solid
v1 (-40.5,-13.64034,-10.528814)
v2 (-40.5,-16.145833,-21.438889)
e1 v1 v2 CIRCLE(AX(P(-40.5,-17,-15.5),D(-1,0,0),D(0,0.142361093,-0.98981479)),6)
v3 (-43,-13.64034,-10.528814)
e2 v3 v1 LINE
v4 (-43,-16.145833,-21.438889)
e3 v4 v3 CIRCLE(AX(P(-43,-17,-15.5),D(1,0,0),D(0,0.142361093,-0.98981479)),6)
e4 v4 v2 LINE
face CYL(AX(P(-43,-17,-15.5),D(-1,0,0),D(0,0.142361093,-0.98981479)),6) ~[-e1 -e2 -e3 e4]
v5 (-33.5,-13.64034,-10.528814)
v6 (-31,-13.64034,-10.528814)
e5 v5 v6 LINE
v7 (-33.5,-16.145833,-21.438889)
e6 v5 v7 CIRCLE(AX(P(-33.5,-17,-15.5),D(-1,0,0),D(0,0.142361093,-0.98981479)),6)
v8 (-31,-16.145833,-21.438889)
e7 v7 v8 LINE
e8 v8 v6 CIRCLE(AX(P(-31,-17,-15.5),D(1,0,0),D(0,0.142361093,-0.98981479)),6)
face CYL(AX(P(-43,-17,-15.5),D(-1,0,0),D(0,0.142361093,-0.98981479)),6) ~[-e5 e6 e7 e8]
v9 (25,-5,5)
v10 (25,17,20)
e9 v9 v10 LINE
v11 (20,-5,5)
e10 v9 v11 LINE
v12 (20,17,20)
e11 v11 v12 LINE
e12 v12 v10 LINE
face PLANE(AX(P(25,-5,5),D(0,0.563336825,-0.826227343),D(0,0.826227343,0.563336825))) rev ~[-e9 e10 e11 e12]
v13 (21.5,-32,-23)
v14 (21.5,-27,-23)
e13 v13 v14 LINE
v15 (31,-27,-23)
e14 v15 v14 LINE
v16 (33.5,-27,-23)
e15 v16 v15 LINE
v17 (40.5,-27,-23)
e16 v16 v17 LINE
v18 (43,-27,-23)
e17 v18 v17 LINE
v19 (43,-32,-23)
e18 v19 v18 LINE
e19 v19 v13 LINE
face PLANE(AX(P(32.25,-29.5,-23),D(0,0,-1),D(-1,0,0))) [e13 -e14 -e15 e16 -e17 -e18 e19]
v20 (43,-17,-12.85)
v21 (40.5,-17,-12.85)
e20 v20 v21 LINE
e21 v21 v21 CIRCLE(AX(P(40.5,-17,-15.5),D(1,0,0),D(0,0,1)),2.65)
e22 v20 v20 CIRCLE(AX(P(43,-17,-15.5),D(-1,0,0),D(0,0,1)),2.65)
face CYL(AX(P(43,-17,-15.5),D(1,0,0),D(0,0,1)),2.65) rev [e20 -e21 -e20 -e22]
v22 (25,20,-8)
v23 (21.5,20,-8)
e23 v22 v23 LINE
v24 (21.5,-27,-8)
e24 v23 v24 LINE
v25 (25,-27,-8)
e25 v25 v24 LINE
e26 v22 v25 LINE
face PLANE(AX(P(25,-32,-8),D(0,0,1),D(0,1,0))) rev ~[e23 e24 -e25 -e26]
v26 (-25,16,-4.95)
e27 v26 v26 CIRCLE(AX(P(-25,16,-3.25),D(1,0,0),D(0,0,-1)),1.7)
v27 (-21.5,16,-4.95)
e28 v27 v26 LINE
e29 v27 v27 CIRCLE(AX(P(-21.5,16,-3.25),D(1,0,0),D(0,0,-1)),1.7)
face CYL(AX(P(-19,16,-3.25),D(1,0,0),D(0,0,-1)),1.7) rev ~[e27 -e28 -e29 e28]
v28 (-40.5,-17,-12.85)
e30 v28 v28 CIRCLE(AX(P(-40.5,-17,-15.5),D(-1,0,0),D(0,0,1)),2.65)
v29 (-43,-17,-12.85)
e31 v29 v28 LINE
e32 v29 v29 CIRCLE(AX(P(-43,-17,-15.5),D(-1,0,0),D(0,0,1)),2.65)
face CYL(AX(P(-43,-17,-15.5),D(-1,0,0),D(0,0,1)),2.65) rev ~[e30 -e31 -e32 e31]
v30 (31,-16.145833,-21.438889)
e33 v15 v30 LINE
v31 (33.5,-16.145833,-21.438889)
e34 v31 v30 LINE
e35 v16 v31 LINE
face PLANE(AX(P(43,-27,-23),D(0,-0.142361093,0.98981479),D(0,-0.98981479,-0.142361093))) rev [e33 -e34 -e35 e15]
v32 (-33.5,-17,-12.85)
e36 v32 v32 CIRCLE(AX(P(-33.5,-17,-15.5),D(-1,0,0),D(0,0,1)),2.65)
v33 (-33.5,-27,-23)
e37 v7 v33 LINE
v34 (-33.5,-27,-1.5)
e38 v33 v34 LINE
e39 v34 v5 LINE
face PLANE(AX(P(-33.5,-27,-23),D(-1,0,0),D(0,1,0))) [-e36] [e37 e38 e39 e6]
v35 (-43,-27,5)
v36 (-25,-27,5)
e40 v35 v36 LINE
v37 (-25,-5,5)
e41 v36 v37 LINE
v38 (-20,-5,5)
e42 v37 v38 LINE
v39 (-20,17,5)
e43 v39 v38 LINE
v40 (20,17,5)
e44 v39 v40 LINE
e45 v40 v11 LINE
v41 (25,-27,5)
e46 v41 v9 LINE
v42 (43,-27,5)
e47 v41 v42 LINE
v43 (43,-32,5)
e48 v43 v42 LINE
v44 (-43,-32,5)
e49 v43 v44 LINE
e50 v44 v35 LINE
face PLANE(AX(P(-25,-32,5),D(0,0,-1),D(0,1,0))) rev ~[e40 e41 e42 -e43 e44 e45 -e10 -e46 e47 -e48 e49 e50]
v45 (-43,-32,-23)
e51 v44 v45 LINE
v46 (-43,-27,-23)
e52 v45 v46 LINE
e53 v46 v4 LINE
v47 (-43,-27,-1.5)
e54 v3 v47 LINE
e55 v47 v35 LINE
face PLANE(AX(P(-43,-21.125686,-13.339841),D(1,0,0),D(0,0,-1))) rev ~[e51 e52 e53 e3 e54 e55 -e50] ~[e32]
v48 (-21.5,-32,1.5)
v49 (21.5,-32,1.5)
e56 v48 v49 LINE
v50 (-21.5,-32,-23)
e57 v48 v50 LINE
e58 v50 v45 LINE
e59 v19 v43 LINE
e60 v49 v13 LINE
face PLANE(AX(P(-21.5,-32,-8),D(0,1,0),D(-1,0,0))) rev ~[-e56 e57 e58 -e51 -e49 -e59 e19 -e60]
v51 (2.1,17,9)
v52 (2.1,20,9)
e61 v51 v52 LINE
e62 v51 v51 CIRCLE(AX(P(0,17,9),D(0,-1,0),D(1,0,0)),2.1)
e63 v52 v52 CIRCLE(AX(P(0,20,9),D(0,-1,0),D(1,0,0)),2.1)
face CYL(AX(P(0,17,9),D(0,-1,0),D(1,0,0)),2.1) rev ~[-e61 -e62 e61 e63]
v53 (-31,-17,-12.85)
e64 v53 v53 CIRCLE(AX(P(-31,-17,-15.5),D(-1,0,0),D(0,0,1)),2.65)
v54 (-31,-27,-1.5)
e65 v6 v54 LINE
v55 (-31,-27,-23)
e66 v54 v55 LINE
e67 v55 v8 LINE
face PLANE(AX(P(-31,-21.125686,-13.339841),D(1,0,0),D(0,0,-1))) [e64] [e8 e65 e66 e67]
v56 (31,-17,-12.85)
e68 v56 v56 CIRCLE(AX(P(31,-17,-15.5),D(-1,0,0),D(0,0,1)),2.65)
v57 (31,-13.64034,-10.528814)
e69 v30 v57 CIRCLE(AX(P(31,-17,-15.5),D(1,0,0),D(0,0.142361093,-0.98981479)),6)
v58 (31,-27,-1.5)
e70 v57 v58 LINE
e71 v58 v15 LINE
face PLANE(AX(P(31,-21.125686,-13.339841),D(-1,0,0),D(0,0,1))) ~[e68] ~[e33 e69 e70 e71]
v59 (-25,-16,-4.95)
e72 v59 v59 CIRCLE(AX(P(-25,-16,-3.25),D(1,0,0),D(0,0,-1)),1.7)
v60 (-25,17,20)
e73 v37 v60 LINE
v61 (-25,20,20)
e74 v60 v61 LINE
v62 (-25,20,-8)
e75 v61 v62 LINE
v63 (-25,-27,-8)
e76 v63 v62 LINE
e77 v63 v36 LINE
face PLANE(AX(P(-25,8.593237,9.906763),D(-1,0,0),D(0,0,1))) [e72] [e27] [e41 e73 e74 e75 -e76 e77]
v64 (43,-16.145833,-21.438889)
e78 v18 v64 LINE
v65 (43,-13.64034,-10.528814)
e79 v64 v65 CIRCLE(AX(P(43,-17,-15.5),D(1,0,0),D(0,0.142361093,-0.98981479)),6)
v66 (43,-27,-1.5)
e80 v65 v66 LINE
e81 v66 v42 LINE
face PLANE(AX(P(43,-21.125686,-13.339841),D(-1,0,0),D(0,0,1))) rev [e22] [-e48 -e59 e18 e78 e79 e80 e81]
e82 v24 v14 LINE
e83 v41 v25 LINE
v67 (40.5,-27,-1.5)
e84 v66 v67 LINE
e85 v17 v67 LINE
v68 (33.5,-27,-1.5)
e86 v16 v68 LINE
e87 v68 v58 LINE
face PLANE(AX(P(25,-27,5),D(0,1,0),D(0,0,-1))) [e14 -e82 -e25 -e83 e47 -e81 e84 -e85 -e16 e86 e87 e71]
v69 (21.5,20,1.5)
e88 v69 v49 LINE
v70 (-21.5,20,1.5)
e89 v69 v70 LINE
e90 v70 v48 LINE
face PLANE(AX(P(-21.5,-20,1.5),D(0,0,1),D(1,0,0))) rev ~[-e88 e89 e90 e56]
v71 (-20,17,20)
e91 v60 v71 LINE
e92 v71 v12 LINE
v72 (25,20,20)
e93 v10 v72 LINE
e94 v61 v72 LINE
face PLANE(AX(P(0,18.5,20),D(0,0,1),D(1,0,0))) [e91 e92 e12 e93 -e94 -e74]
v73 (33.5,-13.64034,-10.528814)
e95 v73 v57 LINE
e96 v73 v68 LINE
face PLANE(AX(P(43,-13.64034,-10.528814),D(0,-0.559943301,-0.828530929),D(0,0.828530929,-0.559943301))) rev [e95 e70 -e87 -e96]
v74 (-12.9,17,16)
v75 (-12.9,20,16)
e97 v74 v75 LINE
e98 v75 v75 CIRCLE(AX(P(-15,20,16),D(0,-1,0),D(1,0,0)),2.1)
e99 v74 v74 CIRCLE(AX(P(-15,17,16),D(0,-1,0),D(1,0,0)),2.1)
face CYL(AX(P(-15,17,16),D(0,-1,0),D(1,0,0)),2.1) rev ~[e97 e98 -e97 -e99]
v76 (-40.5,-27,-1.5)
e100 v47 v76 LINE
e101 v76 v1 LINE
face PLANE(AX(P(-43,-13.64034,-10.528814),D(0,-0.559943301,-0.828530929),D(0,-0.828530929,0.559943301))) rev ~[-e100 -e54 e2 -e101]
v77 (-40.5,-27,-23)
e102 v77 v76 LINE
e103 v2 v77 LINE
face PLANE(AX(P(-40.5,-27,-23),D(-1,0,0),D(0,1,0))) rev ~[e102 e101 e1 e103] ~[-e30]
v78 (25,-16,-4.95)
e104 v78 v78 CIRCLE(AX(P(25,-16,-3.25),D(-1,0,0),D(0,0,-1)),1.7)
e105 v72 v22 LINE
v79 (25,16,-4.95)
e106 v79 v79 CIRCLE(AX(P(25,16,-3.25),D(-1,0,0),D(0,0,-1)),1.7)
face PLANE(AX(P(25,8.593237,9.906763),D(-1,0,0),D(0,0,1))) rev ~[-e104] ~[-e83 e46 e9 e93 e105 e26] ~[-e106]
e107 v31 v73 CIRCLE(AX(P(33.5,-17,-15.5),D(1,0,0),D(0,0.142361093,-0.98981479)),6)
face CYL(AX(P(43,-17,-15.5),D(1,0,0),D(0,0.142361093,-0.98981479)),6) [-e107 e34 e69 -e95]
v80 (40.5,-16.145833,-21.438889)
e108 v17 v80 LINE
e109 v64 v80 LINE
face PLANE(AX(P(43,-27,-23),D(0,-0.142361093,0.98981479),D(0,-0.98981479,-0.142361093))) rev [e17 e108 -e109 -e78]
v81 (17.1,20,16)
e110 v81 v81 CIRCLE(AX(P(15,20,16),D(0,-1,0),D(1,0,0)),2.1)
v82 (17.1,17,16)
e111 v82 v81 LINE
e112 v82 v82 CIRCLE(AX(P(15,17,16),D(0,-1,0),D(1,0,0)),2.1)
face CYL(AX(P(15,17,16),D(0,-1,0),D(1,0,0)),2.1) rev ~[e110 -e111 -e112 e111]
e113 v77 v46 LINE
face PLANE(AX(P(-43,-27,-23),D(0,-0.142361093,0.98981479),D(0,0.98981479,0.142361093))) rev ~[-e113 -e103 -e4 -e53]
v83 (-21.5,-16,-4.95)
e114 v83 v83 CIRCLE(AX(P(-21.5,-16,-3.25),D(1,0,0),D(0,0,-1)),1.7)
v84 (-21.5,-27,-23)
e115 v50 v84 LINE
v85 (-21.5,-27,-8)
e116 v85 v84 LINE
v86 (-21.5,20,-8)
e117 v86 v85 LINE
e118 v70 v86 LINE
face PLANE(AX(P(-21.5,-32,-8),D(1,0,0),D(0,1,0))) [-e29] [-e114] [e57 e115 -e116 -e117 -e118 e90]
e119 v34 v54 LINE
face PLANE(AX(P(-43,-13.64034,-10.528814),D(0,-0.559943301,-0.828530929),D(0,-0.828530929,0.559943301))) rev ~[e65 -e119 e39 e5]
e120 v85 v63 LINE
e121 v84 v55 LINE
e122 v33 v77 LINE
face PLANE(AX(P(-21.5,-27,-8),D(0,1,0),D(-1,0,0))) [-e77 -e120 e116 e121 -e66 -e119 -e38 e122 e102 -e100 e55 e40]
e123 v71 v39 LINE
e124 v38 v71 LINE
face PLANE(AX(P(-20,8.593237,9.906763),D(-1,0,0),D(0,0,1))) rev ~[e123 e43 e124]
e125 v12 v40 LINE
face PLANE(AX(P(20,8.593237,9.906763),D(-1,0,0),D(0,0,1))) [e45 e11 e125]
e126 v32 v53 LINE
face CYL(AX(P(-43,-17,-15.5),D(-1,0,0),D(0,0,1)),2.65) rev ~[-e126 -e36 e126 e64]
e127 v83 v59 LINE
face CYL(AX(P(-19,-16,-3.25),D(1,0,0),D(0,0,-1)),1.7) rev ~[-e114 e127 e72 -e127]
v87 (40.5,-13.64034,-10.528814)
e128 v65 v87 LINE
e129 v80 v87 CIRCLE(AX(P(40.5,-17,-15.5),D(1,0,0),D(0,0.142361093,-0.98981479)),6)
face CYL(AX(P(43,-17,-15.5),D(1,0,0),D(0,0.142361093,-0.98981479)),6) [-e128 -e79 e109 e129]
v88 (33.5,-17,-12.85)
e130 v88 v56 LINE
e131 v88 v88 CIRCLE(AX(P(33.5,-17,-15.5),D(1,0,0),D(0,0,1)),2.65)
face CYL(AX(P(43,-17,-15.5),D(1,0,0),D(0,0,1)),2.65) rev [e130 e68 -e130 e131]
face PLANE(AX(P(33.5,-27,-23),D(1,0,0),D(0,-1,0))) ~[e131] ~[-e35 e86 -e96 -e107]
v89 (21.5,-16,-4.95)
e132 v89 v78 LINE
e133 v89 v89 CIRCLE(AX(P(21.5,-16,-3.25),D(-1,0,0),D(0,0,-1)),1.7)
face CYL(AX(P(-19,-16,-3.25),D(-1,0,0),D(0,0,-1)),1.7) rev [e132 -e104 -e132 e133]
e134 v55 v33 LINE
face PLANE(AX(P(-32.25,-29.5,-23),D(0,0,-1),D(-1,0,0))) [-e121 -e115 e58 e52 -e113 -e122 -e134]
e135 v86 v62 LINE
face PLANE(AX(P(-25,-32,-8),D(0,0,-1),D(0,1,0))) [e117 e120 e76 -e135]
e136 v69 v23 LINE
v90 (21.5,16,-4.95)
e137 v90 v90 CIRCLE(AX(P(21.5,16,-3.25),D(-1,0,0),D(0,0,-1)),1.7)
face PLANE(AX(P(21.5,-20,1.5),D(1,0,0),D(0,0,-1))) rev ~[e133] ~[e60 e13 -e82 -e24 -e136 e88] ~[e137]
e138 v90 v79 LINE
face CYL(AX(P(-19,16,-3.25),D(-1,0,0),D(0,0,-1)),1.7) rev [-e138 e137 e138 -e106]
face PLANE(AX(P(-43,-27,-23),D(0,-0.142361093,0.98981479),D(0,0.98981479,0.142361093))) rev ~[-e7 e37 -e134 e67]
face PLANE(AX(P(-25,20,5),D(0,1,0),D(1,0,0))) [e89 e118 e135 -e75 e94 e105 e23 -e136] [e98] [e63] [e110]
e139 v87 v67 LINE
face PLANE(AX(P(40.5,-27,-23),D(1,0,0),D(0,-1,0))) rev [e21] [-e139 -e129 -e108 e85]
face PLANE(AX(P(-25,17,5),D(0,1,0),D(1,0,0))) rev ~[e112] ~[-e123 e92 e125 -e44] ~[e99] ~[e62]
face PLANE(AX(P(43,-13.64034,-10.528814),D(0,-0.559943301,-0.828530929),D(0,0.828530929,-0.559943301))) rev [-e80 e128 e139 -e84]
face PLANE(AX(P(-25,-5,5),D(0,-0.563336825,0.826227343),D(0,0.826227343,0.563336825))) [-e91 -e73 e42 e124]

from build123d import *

# Parameters (mm, degrees)
SKETCH_1_W               = 50
SKETCH_1_H               = 40
EXTRUDE_1_DEPTH          = 5
SKETCH_2_W               = 6
SKETCH_2_H               = 40
EXTRUDE_2_DEPTH          = 8
SKETCH_4_W               = 38
SKETCH_4_H               = 40
CUT_EXTRUDE_2_DEPTH      = 1.5
SKETCH_6_R               = 1.7
CUT_EXTRUDE_3_DEPTH      = 45
CUT_EXTRUDE_3_DEPTH_BACK = 7
SKETCH_7_W               = 43
SKETCH_7_H               = 9.5
CUT_EXTRUDE_4_DEPTH      = 41
SKETCH_8_W               = 50
SKETCH_8_H               = 3
EXTRUDE_4_DEPTH          = 15
SKETCH_9_R               = 2.1
CUT_EXTRUDE_5_DEPTH      = 4
EXTRUDE_5_DEPTH          = 12
SKETCH_11_W              = 13
SKETCH_11_H              = 5
EXTRUDE_6_DEPTH          = 18
SKETCH_12_W              = 13
SKETCH_12_H              = 5
EXTRUDE_7_DEPTH          = 18
SKETCH_13_W              = 21.5
SKETCH_13_H              = 5
EXTRUDE_8_DEPTH          = 15
EXTRUDE_11_DEPTH         = 5
EXTRUDE_12_DEPTH         = 5
SKETCH_20_R              = 2.65
EXTRUDE_13_DEPTH         = 12
SKETCH_21_W              = 7
SKETCH_21_H              = 34.173261611
CUT_EXTRUDE_8_DEPTH      = 44


with BuildPart() as part:
    # 草图1 → 凸台-拉伸1 (new body)
    with BuildSketch(Plane.XY):
        Rectangle(SKETCH_1_W, SKETCH_1_H)
    extrude(amount=EXTRUDE_1_DEPTH)

    # 草图2 → 凸台-拉伸2 (add)
    with BuildSketch(Plane(origin=(0, 0, 0), x_dir=(-1, 0, 0), z_dir=(0, 0, -1))):
        with Locations((-22, 0)):
            Rectangle(SKETCH_2_W, SKETCH_2_H)
        with Locations((22, 0)):
            Rectangle(SKETCH_2_W, SKETCH_2_H)
    extrude(amount=EXTRUDE_2_DEPTH)

    # 草图4 → 切除-拉伸2 (cut)
    with BuildSketch(Plane(origin=(0, 0, 0), x_dir=(-1, 0, 0), z_dir=(0, 0, -1))):
        Rectangle(SKETCH_4_W, SKETCH_4_H)
    extrude(amount=-CUT_EXTRUDE_2_DEPTH, mode=Mode.SUBTRACT)

    # 草图6 → 切除-拉伸3 (cut, two sides)
    with BuildSketch(Plane(origin=(-19, 0, 0), x_dir=(0, 0, -1), z_dir=(1, 0, 0))) as cut_extrude_3_sk:
        with Locations((3.25, 16)):
            Circle(SKETCH_6_R)
        with Locations((3.25, -16)):
            Circle(SKETCH_6_R)
    extrude(amount=CUT_EXTRUDE_3_DEPTH, mode=Mode.SUBTRACT)
    extrude(cut_extrude_3_sk.sketch, amount=-CUT_EXTRUDE_3_DEPTH_BACK, mode=Mode.SUBTRACT)

    # 草图7 → 切除-拉伸4 (cut, through all)
    with BuildSketch(Plane.XZ.offset(20)):
        with Locations((0, -3.25)):
            Rectangle(SKETCH_7_W, SKETCH_7_H)
    extrude(amount=-CUT_EXTRUDE_4_DEPTH, mode=Mode.SUBTRACT)

    # 草图8 → 凸台-拉伸4 (add)
    with BuildSketch(Plane.XY.offset(5)):
        with Locations((0, 18.5)):
            Rectangle(SKETCH_8_W, SKETCH_8_H)
    extrude(amount=EXTRUDE_4_DEPTH)

    # 草图9 → 切除-拉伸5 (cut, through all)
    with BuildSketch(Plane.XZ.offset(-17)):
        with Locations((-15, 16)):
            Circle(SKETCH_9_R)
        with Locations((15, 16)):
            Circle(SKETCH_9_R)
        with Locations((0, 9)):
            Circle(SKETCH_9_R)
    extrude(amount=-CUT_EXTRUDE_5_DEPTH, mode=Mode.SUBTRACT)

    # 草图10 → 凸台-拉伸5 (add)
    with BuildSketch(Plane.XZ.offset(20)):
        Polygon((-25, -8), (-21.5, -8), (-21.5, 1.5), (21.5, 1.5), (21.5, -8), (25, -8), (25, 5), (-25, 5), align=None)
    extrude(amount=EXTRUDE_5_DEPTH)

    # 草图11 → 凸台-拉伸6 (add)
    with BuildSketch(Plane(origin=(25, 0, 0), x_dir=(0, 0, -1), z_dir=(1, 0, 0))):
        with Locations((1.5, -29.5)):
            Rectangle(SKETCH_11_W, SKETCH_11_H)
    extrude(amount=EXTRUDE_6_DEPTH)

    # 草图12 → 凸台-拉伸7 (add)
    with BuildSketch(Plane.ZY.offset(25)):
        with Locations((-1.5, -29.5)):
            Rectangle(SKETCH_12_W, SKETCH_12_H)
    extrude(amount=EXTRUDE_7_DEPTH)

    # 草图13 → 凸台-拉伸8 (add)
    with BuildSketch(Plane(origin=(0, 0, -8), x_dir=(-1, 0, 0), z_dir=(0, 0, -1))):
        with Locations((32.25, -29.5)):
            Rectangle(SKETCH_13_W, SKETCH_13_H)
        with Locations((-32.25, -29.5)):
            Rectangle(SKETCH_13_W, SKETCH_13_H)
    extrude(amount=EXTRUDE_8_DEPTH)

    # 草图18 → 凸台-拉伸11 (add)
    with BuildSketch(Plane.ZY.offset(25)):
        Polygon((5, -5), (20, 17), (5, 17), align=None)
    extrude(amount=-EXTRUDE_11_DEPTH)

    # 草图19 → 凸台-拉伸12 (add)
    with BuildSketch(Plane(origin=(25, 0, 0), x_dir=(0, 0, -1), z_dir=(1, 0, 0))):
        Polygon((-5, 17), (-5, -5), (-20, 17), align=None)
    extrude(amount=-EXTRUDE_12_DEPTH)

    # 草图20 → 凸台-拉伸13 (add)
    with BuildSketch(Plane.ZY.offset(43)):
        with BuildLine():
            Line((-23, -27), (-21.438888742, -16.145833443))
            ThreePointArc((-21.438888742, -16.145833443), (-16.842939484, -11.152221487), (-10.528814426, -13.640340197))
            Line((-10.528814426, -13.640340197), (-1.5, -27))
            Line((-1.5, -27), (-23, -27))
        make_face()
        with Locations((-15.5, -17)):
            Circle(SKETCH_20_R, mode=Mode.SUBTRACT)
    extrude_13 = extrude(amount=-EXTRUDE_13_DEPTH)

    # 草图21 → 切除-拉伸8 (cut, through all)
    with BuildSketch(Plane(origin=(0, 0, -23), x_dir=(-1, 0, 0), z_dir=(0, 0, -1))):
        with Locations((37, -9.913369194)):
            Rectangle(SKETCH_21_W, SKETCH_21_H)
    cut_extrude_8 = extrude(amount=-CUT_EXTRUDE_8_DEPTH, mode=Mode.SUBTRACT)

    # 镜向3: 凸台-拉伸13, 切除-拉伸8 across plane
    add(extrude_13.mirror(Plane(origin=(0, 0, 0), x_dir=(0, 0, 1), z_dir=(1, 0, 0))))
    add(cut_extrude_8.mirror(Plane(origin=(0, 0, 0), x_dir=(0, 0, 1), z_dir=(1, 0, 0))), mode=Mode.SUBTRACT)


solid = part.part
